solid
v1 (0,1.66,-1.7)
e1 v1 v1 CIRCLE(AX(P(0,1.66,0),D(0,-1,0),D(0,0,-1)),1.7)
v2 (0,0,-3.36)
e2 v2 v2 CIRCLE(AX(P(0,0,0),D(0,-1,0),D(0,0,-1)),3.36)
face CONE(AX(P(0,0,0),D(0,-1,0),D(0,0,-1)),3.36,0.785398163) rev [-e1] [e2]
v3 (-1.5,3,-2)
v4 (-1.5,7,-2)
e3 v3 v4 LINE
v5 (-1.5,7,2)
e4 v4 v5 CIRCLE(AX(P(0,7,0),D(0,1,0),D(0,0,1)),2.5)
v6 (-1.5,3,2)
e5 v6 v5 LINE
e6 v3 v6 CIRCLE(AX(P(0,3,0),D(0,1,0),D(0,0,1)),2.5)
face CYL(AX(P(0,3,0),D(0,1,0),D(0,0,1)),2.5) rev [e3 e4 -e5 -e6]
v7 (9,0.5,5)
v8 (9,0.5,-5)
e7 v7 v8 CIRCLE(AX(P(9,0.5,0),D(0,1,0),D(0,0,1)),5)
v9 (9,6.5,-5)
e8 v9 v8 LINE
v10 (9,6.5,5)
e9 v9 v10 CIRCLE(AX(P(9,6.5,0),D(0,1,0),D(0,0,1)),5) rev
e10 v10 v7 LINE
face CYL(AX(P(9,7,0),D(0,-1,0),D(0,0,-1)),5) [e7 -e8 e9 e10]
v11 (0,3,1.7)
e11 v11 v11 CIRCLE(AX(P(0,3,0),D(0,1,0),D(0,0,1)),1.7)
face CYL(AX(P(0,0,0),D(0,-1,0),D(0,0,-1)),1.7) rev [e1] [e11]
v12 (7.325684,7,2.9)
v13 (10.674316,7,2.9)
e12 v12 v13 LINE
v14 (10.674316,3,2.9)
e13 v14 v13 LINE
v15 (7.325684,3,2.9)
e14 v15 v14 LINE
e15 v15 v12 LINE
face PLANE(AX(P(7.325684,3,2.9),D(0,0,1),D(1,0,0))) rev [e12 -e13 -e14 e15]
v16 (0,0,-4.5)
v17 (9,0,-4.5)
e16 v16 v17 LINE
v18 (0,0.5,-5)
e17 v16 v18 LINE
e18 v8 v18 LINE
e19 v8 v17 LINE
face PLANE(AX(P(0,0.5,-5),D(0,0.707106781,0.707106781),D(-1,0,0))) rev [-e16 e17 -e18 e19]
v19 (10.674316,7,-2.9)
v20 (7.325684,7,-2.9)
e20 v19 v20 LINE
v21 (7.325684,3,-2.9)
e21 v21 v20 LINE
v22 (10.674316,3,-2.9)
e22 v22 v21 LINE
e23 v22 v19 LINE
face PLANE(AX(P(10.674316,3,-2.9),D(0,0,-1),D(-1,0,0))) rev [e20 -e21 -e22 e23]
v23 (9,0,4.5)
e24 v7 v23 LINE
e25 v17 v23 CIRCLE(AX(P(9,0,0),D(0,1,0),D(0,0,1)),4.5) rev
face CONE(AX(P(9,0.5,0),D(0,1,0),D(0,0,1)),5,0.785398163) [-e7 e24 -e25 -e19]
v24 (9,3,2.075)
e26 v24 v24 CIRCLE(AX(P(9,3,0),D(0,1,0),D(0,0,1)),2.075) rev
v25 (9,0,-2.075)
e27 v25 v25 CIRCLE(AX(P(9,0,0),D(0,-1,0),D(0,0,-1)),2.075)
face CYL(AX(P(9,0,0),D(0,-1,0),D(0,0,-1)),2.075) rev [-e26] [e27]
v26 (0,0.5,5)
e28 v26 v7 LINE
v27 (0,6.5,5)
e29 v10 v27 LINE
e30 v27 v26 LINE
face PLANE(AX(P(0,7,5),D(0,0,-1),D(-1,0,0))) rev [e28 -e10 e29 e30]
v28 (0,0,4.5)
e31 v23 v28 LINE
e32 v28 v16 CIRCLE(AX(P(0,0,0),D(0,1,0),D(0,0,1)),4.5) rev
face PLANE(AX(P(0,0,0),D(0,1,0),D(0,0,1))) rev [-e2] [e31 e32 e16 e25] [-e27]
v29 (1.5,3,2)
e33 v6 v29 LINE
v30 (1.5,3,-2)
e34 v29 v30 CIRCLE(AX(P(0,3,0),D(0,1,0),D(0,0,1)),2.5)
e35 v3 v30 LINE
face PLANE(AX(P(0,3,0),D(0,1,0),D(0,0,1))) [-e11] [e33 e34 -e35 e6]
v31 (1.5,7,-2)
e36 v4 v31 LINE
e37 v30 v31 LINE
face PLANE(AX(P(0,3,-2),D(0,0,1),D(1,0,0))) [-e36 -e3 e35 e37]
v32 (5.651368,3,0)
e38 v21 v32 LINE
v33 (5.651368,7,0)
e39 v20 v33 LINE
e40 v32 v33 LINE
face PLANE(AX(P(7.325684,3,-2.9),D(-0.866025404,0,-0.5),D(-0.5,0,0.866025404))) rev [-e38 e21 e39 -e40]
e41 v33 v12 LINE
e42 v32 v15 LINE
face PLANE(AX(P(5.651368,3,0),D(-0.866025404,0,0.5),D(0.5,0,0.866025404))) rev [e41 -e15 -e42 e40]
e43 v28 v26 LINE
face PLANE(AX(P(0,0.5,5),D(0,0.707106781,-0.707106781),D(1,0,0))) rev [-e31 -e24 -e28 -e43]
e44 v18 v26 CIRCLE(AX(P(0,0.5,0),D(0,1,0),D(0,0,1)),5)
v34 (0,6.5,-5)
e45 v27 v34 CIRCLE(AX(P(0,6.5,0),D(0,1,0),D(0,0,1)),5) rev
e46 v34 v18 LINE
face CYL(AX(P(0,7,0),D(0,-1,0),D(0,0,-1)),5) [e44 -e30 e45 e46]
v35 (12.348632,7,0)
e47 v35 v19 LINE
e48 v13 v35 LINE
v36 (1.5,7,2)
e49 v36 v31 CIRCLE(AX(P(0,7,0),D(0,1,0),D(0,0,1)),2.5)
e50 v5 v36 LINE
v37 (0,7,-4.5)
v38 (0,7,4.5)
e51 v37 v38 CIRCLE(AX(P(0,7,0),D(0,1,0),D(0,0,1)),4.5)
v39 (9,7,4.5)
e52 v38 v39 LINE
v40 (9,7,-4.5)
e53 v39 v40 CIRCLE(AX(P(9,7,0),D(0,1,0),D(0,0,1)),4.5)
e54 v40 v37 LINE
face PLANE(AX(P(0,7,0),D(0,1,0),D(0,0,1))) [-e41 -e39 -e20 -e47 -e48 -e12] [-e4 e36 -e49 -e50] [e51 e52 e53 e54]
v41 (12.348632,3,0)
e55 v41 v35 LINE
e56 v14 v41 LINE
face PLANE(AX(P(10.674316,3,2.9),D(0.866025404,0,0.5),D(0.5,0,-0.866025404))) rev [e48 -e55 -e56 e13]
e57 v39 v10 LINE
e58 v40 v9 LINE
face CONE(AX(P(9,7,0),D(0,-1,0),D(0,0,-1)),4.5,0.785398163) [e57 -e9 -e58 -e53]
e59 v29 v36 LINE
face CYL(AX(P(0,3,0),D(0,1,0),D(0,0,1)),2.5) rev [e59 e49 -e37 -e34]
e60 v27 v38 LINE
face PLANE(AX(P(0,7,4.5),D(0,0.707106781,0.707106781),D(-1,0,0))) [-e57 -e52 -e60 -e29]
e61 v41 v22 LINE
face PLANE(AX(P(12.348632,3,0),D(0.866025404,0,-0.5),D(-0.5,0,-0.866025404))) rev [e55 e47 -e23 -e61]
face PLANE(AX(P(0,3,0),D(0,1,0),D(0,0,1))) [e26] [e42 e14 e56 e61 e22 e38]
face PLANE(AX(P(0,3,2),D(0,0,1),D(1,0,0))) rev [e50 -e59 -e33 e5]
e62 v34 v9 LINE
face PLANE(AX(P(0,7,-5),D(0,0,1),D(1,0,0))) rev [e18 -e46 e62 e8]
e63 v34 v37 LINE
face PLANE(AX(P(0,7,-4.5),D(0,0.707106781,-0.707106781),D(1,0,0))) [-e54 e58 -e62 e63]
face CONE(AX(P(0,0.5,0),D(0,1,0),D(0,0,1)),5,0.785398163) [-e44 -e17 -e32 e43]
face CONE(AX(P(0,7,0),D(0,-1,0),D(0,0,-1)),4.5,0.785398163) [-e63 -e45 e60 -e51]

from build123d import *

# Parameters (mm, degrees)
EXTRUDE_1_DEPTH              = 7
CUT_EXTRUDE_1_DEPTH          = 4
HOLE_WIZARD_M3_1_D           = 3.4
HOLE_WIZARD_M3_1_DEPTH       = 7.5
HOLE_WIZARD_M3_1_CSINK_D     = 6.72
HOLE_WIZARD_M3_1_CSINK_ANGLE = 90
HOLE_WIZARD_M3_1_TIP         = 1.021463052
HOLE_WIZARD_1_D              = 4.15
CUT_EXTRUDE_2_DEPTH          = 4
CHAMFER_1_SIZE               = 0.5


with BuildPart() as part:
    # 草图1 → 凸台-拉伸1 (new body)
    with BuildSketch(Plane(origin=(0, 0, 0), x_dir=(1, 0, 0), z_dir=(0, 1, 0))):
        with BuildLine():
            Line((0, 5), (9, 5))
            ThreePointArc((9, 5), (14, 0), (9, -5))
            Line((9, -5), (0, -5))
            ThreePointArc((0, -5), (-5, 0), (0, 5))
        make_face()
    extrude(amount=EXTRUDE_1_DEPTH)

    # 草图2 → 切除-拉伸1 (cut)
    with BuildSketch(Plane(origin=(0, 7, 0), x_dir=(1, 0, 0), z_dir=(0, 1, 0))):
        with BuildLine():
            ThreePointArc((-1.5, 2), (-2.5, 0), (-1.5, -2))
            Line((-1.5, -2), (1.5, -2))
            ThreePointArc((1.5, -2), (2.236067977, -1.118033989), (2.5, 0))
            ThreePointArc((2.5, 0), (2.236067977, 1.118033989), (1.5, 2))
            Line((1.5, 2), (-1.5, 2))
        make_face()
    extrude(amount=-CUT_EXTRUDE_1_DEPTH, mode=Mode.SUBTRACT)

    # M3 六角凹锥坑螺钉的锥形沉头孔1
    with Locations(Plane(origin=(0, 0, 0), x_dir=(-1, 0, 0), z_dir=(0, -1, 0))):
        with Locations((0, 0)):
            CounterSinkHole(HOLE_WIZARD_M3_1_D / 2, HOLE_WIZARD_M3_1_CSINK_D / 2, depth=HOLE_WIZARD_M3_1_DEPTH, counter_sink_angle=HOLE_WIZARD_M3_1_CSINK_ANGLE)
            with Locations((0, 0, -(HOLE_WIZARD_M3_1_DEPTH + HOLE_WIZARD_M3_1_TIP / 2))):  # 118° drill point
                Cone(0, HOLE_WIZARD_M3_1_D / 2, HOLE_WIZARD_M3_1_TIP, mode=Mode.SUBTRACT)

    # 孔1 (through all)
    with Locations(Plane(origin=(0, 0, 0), x_dir=(-1, 0, 0), z_dir=(0, -1, 0))):
        with Locations((-9, 0)):
            Hole(HOLE_WIZARD_1_D / 2)

    # 草图7 → 切除-拉伸2 (cut)
    with BuildSketch(Plane(origin=(0, 7, 0), x_dir=(1, 0, 0), z_dir=(0, 1, 0))):
        Polygon((12.348631561, 0), (10.674315781, 2.9), (7.325684219, 2.9), (5.651368439, 0), (7.325684219, -2.9), (10.674315781, -2.9), align=None)
    extrude(amount=-CUT_EXTRUDE_2_DEPTH, mode=Mode.SUBTRACT)

    # 倒角1
    chamfer_1_edges = [part.edges().sort_by_distance(p)[0] for p in [
        (14, 7, 0),
        (4.5, 7, -5),
        (-5, 7, 0),
        (4.5, 0, -5),
        (14, 0, 0),
        (4.5, 0, 5),
        (-5, 0, 0),
        (4.5, 7, 5),
    ]]
    chamfer(chamfer_1_edges, length=CHAMFER_1_SIZE)


solid = part.part
